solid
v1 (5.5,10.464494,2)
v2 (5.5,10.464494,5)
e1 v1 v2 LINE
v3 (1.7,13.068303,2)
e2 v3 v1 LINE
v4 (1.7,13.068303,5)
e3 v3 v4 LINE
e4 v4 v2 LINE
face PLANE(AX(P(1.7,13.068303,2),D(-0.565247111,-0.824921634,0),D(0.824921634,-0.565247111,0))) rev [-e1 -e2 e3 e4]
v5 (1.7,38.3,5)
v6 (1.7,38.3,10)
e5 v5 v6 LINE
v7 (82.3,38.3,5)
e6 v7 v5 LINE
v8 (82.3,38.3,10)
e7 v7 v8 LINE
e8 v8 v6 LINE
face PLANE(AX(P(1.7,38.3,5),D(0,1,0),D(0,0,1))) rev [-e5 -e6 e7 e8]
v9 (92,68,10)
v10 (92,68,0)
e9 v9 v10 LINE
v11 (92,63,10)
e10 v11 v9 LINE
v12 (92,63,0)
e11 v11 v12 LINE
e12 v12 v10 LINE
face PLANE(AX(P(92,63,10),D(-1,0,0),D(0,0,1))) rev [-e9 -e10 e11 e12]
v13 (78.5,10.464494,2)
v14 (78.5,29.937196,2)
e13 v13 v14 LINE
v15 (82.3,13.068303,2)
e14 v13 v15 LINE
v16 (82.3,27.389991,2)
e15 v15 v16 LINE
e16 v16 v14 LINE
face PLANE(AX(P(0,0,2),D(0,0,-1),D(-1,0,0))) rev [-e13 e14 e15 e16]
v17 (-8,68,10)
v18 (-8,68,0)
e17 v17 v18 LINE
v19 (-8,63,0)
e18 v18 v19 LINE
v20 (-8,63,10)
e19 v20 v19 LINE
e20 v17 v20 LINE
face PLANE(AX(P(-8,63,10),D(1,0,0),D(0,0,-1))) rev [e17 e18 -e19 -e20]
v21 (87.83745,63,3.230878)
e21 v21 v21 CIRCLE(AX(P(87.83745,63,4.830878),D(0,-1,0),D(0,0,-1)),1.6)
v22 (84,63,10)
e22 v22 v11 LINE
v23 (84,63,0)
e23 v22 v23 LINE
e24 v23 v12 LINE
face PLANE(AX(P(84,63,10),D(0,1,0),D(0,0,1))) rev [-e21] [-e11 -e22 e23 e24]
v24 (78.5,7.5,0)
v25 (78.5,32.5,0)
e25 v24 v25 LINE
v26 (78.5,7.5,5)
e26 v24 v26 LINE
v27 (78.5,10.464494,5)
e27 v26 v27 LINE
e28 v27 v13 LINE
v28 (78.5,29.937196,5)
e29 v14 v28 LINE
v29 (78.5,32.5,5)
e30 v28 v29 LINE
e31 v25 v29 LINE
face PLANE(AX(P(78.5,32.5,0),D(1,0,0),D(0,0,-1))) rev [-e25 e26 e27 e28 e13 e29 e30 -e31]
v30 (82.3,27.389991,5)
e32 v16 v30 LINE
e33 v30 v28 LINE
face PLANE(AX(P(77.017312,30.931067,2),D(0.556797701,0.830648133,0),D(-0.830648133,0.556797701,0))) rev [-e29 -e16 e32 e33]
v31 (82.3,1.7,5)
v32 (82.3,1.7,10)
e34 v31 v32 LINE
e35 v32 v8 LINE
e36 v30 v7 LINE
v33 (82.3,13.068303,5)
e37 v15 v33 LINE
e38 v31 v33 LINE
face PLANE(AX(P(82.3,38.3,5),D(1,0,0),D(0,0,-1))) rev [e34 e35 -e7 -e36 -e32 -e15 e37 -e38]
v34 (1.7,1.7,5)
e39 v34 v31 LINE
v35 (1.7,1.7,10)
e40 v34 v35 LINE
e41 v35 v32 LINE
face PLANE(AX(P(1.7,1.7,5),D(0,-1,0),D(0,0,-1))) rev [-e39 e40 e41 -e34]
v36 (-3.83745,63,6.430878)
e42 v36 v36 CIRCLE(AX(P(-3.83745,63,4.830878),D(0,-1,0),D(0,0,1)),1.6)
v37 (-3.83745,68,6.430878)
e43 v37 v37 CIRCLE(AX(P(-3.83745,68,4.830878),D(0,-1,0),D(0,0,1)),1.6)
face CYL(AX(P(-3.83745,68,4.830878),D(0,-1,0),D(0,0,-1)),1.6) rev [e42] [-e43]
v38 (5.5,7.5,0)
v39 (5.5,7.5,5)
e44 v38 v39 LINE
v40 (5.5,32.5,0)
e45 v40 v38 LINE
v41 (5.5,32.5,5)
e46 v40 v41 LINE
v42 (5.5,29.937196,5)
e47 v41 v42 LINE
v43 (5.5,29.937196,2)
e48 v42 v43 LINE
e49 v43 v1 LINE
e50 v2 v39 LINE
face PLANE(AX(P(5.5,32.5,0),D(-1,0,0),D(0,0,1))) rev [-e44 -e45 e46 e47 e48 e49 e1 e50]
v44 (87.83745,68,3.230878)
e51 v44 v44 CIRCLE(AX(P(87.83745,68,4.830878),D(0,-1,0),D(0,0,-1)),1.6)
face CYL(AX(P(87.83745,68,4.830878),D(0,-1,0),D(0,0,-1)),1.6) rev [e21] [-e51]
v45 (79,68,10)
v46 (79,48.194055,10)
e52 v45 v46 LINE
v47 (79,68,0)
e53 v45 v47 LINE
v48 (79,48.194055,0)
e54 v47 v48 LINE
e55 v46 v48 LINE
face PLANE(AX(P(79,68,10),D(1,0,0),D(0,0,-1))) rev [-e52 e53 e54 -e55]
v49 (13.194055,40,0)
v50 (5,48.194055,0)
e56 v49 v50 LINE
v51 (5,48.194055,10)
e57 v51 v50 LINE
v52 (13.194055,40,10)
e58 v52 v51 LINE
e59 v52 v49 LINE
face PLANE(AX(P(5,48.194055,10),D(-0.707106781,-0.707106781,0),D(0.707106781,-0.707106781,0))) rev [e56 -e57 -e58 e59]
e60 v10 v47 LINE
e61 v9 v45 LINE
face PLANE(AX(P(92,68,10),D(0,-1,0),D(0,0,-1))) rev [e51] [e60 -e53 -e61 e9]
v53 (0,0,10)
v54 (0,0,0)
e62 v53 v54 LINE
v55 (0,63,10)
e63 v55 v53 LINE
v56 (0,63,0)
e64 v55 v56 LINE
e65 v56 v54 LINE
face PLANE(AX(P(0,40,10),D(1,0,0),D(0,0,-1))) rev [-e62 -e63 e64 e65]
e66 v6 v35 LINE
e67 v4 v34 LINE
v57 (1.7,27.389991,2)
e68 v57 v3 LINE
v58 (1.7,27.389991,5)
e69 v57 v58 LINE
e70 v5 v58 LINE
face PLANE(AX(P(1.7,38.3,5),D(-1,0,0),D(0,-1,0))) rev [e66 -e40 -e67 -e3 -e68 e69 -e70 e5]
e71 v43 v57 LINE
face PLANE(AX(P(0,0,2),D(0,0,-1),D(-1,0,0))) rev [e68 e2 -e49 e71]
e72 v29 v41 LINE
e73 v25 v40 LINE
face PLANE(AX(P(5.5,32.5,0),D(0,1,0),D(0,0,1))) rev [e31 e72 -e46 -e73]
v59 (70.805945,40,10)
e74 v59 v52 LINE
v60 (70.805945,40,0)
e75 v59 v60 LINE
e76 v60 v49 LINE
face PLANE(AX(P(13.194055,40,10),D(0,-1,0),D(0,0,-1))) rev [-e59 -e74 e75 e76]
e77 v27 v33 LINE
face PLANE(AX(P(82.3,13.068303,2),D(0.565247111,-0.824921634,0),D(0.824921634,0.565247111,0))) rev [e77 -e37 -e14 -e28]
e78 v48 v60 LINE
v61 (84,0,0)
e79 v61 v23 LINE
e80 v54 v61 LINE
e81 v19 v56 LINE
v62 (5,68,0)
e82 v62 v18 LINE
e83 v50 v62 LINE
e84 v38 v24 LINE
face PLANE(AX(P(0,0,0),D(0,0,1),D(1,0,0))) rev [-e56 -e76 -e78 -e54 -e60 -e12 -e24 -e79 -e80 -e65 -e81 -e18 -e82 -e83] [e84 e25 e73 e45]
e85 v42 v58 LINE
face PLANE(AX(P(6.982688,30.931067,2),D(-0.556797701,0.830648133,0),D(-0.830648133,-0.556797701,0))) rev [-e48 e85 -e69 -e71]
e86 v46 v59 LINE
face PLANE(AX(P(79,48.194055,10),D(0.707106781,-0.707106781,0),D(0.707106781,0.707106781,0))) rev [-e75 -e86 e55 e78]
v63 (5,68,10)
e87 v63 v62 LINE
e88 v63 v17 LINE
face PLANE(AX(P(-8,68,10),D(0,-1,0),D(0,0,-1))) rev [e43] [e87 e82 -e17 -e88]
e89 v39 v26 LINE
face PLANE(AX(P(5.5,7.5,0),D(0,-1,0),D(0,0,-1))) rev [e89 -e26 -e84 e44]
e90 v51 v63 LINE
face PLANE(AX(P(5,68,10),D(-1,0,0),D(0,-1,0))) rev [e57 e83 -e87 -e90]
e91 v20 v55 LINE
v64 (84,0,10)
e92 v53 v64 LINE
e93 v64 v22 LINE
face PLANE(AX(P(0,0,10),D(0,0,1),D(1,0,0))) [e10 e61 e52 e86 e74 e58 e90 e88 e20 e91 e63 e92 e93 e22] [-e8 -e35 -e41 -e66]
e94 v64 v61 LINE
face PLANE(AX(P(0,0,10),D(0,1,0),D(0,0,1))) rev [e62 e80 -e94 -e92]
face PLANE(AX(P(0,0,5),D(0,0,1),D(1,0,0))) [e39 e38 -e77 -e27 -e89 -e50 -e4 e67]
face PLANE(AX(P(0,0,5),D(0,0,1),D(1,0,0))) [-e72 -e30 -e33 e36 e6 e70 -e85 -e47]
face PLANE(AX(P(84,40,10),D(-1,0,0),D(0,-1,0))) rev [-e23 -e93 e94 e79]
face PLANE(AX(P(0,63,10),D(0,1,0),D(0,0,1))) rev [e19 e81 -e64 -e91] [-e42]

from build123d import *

# Parameters (mm, degrees)
EXTRUDE_1_DEPTH     = 10
SKETCH_2_W          = 80.6
SKETCH_2_H          = 36.6
CUT_EXTRUDE_1_DEPTH = 5
SKETCH_3_W          = 73
SKETCH_3_H          = 25
CUT_EXTRUDE_2_DEPTH = 115.512008104
CUT_EXTRUDE_3_DEPTH = 3
SKETCH_5_R          = 1.6
CUT_EXTRUDE_4_DEPTH = 112.950882087


with BuildPart() as part:
    # 草图1 → 凸台-拉伸1 (new body)
    with BuildSketch(Plane.XY):
        Polygon((0, 40), (0, 63), (-8, 63), (-8, 68), (5, 68), (5, 48.19405544), (13.19405544, 40), (70.80594456, 40), (79, 48.19405544), (79, 68), (92, 68), (92, 63), (84, 63), (84, 40), (84, 0), (0, 0), align=None)
    extrude(amount=EXTRUDE_1_DEPTH)

    # 草图2 → 切除-拉伸1 (cut)
    with BuildSketch(Plane.XY.offset(10)):
        with Locations((42, 20)):
            Rectangle(SKETCH_2_W, SKETCH_2_H)
    extrude(amount=-CUT_EXTRUDE_1_DEPTH, mode=Mode.SUBTRACT)

    # 草图3 → 切除-拉伸2 (cut, through all)
    with BuildSketch(Plane.XY.offset(5)):
        with Locations((42, 20)):
            Rectangle(SKETCH_3_W, SKETCH_3_H)
    extrude(amount=-CUT_EXTRUDE_2_DEPTH, mode=Mode.SUBTRACT)

    # 草图4 → 切除-拉伸3 (cut)
    with BuildSketch(Plane.XY.offset(5)):
        Polygon((77.017311929, 30.931067044), (82.3, 27.389990557), (82.3, 13.068303431), (77.017311929, 9.448536355), align=None)
        Polygon((6.982688071, 9.448536355), (6.982688071, 30.931067044), (1.7, 27.389990557), (1.7, 13.068303431), align=None)
    extrude(amount=-CUT_EXTRUDE_3_DEPTH, mode=Mode.SUBTRACT)

    # 草图5 → 切除-拉伸4 (cut, through all)
    with BuildSketch(Plane.XZ.offset(-63)):
        with Locations(Location((87.837450425, 4.830878187, 0), (0, 0, 270))):
            Circle(SKETCH_5_R)
        with Locations(Location((-3.837450425, 4.830878187, 0), (0, 0, 90))):
            Circle(SKETCH_5_R)
    extrude(amount=-CUT_EXTRUDE_4_DEPTH, mode=Mode.SUBTRACT)


solid = part.part
